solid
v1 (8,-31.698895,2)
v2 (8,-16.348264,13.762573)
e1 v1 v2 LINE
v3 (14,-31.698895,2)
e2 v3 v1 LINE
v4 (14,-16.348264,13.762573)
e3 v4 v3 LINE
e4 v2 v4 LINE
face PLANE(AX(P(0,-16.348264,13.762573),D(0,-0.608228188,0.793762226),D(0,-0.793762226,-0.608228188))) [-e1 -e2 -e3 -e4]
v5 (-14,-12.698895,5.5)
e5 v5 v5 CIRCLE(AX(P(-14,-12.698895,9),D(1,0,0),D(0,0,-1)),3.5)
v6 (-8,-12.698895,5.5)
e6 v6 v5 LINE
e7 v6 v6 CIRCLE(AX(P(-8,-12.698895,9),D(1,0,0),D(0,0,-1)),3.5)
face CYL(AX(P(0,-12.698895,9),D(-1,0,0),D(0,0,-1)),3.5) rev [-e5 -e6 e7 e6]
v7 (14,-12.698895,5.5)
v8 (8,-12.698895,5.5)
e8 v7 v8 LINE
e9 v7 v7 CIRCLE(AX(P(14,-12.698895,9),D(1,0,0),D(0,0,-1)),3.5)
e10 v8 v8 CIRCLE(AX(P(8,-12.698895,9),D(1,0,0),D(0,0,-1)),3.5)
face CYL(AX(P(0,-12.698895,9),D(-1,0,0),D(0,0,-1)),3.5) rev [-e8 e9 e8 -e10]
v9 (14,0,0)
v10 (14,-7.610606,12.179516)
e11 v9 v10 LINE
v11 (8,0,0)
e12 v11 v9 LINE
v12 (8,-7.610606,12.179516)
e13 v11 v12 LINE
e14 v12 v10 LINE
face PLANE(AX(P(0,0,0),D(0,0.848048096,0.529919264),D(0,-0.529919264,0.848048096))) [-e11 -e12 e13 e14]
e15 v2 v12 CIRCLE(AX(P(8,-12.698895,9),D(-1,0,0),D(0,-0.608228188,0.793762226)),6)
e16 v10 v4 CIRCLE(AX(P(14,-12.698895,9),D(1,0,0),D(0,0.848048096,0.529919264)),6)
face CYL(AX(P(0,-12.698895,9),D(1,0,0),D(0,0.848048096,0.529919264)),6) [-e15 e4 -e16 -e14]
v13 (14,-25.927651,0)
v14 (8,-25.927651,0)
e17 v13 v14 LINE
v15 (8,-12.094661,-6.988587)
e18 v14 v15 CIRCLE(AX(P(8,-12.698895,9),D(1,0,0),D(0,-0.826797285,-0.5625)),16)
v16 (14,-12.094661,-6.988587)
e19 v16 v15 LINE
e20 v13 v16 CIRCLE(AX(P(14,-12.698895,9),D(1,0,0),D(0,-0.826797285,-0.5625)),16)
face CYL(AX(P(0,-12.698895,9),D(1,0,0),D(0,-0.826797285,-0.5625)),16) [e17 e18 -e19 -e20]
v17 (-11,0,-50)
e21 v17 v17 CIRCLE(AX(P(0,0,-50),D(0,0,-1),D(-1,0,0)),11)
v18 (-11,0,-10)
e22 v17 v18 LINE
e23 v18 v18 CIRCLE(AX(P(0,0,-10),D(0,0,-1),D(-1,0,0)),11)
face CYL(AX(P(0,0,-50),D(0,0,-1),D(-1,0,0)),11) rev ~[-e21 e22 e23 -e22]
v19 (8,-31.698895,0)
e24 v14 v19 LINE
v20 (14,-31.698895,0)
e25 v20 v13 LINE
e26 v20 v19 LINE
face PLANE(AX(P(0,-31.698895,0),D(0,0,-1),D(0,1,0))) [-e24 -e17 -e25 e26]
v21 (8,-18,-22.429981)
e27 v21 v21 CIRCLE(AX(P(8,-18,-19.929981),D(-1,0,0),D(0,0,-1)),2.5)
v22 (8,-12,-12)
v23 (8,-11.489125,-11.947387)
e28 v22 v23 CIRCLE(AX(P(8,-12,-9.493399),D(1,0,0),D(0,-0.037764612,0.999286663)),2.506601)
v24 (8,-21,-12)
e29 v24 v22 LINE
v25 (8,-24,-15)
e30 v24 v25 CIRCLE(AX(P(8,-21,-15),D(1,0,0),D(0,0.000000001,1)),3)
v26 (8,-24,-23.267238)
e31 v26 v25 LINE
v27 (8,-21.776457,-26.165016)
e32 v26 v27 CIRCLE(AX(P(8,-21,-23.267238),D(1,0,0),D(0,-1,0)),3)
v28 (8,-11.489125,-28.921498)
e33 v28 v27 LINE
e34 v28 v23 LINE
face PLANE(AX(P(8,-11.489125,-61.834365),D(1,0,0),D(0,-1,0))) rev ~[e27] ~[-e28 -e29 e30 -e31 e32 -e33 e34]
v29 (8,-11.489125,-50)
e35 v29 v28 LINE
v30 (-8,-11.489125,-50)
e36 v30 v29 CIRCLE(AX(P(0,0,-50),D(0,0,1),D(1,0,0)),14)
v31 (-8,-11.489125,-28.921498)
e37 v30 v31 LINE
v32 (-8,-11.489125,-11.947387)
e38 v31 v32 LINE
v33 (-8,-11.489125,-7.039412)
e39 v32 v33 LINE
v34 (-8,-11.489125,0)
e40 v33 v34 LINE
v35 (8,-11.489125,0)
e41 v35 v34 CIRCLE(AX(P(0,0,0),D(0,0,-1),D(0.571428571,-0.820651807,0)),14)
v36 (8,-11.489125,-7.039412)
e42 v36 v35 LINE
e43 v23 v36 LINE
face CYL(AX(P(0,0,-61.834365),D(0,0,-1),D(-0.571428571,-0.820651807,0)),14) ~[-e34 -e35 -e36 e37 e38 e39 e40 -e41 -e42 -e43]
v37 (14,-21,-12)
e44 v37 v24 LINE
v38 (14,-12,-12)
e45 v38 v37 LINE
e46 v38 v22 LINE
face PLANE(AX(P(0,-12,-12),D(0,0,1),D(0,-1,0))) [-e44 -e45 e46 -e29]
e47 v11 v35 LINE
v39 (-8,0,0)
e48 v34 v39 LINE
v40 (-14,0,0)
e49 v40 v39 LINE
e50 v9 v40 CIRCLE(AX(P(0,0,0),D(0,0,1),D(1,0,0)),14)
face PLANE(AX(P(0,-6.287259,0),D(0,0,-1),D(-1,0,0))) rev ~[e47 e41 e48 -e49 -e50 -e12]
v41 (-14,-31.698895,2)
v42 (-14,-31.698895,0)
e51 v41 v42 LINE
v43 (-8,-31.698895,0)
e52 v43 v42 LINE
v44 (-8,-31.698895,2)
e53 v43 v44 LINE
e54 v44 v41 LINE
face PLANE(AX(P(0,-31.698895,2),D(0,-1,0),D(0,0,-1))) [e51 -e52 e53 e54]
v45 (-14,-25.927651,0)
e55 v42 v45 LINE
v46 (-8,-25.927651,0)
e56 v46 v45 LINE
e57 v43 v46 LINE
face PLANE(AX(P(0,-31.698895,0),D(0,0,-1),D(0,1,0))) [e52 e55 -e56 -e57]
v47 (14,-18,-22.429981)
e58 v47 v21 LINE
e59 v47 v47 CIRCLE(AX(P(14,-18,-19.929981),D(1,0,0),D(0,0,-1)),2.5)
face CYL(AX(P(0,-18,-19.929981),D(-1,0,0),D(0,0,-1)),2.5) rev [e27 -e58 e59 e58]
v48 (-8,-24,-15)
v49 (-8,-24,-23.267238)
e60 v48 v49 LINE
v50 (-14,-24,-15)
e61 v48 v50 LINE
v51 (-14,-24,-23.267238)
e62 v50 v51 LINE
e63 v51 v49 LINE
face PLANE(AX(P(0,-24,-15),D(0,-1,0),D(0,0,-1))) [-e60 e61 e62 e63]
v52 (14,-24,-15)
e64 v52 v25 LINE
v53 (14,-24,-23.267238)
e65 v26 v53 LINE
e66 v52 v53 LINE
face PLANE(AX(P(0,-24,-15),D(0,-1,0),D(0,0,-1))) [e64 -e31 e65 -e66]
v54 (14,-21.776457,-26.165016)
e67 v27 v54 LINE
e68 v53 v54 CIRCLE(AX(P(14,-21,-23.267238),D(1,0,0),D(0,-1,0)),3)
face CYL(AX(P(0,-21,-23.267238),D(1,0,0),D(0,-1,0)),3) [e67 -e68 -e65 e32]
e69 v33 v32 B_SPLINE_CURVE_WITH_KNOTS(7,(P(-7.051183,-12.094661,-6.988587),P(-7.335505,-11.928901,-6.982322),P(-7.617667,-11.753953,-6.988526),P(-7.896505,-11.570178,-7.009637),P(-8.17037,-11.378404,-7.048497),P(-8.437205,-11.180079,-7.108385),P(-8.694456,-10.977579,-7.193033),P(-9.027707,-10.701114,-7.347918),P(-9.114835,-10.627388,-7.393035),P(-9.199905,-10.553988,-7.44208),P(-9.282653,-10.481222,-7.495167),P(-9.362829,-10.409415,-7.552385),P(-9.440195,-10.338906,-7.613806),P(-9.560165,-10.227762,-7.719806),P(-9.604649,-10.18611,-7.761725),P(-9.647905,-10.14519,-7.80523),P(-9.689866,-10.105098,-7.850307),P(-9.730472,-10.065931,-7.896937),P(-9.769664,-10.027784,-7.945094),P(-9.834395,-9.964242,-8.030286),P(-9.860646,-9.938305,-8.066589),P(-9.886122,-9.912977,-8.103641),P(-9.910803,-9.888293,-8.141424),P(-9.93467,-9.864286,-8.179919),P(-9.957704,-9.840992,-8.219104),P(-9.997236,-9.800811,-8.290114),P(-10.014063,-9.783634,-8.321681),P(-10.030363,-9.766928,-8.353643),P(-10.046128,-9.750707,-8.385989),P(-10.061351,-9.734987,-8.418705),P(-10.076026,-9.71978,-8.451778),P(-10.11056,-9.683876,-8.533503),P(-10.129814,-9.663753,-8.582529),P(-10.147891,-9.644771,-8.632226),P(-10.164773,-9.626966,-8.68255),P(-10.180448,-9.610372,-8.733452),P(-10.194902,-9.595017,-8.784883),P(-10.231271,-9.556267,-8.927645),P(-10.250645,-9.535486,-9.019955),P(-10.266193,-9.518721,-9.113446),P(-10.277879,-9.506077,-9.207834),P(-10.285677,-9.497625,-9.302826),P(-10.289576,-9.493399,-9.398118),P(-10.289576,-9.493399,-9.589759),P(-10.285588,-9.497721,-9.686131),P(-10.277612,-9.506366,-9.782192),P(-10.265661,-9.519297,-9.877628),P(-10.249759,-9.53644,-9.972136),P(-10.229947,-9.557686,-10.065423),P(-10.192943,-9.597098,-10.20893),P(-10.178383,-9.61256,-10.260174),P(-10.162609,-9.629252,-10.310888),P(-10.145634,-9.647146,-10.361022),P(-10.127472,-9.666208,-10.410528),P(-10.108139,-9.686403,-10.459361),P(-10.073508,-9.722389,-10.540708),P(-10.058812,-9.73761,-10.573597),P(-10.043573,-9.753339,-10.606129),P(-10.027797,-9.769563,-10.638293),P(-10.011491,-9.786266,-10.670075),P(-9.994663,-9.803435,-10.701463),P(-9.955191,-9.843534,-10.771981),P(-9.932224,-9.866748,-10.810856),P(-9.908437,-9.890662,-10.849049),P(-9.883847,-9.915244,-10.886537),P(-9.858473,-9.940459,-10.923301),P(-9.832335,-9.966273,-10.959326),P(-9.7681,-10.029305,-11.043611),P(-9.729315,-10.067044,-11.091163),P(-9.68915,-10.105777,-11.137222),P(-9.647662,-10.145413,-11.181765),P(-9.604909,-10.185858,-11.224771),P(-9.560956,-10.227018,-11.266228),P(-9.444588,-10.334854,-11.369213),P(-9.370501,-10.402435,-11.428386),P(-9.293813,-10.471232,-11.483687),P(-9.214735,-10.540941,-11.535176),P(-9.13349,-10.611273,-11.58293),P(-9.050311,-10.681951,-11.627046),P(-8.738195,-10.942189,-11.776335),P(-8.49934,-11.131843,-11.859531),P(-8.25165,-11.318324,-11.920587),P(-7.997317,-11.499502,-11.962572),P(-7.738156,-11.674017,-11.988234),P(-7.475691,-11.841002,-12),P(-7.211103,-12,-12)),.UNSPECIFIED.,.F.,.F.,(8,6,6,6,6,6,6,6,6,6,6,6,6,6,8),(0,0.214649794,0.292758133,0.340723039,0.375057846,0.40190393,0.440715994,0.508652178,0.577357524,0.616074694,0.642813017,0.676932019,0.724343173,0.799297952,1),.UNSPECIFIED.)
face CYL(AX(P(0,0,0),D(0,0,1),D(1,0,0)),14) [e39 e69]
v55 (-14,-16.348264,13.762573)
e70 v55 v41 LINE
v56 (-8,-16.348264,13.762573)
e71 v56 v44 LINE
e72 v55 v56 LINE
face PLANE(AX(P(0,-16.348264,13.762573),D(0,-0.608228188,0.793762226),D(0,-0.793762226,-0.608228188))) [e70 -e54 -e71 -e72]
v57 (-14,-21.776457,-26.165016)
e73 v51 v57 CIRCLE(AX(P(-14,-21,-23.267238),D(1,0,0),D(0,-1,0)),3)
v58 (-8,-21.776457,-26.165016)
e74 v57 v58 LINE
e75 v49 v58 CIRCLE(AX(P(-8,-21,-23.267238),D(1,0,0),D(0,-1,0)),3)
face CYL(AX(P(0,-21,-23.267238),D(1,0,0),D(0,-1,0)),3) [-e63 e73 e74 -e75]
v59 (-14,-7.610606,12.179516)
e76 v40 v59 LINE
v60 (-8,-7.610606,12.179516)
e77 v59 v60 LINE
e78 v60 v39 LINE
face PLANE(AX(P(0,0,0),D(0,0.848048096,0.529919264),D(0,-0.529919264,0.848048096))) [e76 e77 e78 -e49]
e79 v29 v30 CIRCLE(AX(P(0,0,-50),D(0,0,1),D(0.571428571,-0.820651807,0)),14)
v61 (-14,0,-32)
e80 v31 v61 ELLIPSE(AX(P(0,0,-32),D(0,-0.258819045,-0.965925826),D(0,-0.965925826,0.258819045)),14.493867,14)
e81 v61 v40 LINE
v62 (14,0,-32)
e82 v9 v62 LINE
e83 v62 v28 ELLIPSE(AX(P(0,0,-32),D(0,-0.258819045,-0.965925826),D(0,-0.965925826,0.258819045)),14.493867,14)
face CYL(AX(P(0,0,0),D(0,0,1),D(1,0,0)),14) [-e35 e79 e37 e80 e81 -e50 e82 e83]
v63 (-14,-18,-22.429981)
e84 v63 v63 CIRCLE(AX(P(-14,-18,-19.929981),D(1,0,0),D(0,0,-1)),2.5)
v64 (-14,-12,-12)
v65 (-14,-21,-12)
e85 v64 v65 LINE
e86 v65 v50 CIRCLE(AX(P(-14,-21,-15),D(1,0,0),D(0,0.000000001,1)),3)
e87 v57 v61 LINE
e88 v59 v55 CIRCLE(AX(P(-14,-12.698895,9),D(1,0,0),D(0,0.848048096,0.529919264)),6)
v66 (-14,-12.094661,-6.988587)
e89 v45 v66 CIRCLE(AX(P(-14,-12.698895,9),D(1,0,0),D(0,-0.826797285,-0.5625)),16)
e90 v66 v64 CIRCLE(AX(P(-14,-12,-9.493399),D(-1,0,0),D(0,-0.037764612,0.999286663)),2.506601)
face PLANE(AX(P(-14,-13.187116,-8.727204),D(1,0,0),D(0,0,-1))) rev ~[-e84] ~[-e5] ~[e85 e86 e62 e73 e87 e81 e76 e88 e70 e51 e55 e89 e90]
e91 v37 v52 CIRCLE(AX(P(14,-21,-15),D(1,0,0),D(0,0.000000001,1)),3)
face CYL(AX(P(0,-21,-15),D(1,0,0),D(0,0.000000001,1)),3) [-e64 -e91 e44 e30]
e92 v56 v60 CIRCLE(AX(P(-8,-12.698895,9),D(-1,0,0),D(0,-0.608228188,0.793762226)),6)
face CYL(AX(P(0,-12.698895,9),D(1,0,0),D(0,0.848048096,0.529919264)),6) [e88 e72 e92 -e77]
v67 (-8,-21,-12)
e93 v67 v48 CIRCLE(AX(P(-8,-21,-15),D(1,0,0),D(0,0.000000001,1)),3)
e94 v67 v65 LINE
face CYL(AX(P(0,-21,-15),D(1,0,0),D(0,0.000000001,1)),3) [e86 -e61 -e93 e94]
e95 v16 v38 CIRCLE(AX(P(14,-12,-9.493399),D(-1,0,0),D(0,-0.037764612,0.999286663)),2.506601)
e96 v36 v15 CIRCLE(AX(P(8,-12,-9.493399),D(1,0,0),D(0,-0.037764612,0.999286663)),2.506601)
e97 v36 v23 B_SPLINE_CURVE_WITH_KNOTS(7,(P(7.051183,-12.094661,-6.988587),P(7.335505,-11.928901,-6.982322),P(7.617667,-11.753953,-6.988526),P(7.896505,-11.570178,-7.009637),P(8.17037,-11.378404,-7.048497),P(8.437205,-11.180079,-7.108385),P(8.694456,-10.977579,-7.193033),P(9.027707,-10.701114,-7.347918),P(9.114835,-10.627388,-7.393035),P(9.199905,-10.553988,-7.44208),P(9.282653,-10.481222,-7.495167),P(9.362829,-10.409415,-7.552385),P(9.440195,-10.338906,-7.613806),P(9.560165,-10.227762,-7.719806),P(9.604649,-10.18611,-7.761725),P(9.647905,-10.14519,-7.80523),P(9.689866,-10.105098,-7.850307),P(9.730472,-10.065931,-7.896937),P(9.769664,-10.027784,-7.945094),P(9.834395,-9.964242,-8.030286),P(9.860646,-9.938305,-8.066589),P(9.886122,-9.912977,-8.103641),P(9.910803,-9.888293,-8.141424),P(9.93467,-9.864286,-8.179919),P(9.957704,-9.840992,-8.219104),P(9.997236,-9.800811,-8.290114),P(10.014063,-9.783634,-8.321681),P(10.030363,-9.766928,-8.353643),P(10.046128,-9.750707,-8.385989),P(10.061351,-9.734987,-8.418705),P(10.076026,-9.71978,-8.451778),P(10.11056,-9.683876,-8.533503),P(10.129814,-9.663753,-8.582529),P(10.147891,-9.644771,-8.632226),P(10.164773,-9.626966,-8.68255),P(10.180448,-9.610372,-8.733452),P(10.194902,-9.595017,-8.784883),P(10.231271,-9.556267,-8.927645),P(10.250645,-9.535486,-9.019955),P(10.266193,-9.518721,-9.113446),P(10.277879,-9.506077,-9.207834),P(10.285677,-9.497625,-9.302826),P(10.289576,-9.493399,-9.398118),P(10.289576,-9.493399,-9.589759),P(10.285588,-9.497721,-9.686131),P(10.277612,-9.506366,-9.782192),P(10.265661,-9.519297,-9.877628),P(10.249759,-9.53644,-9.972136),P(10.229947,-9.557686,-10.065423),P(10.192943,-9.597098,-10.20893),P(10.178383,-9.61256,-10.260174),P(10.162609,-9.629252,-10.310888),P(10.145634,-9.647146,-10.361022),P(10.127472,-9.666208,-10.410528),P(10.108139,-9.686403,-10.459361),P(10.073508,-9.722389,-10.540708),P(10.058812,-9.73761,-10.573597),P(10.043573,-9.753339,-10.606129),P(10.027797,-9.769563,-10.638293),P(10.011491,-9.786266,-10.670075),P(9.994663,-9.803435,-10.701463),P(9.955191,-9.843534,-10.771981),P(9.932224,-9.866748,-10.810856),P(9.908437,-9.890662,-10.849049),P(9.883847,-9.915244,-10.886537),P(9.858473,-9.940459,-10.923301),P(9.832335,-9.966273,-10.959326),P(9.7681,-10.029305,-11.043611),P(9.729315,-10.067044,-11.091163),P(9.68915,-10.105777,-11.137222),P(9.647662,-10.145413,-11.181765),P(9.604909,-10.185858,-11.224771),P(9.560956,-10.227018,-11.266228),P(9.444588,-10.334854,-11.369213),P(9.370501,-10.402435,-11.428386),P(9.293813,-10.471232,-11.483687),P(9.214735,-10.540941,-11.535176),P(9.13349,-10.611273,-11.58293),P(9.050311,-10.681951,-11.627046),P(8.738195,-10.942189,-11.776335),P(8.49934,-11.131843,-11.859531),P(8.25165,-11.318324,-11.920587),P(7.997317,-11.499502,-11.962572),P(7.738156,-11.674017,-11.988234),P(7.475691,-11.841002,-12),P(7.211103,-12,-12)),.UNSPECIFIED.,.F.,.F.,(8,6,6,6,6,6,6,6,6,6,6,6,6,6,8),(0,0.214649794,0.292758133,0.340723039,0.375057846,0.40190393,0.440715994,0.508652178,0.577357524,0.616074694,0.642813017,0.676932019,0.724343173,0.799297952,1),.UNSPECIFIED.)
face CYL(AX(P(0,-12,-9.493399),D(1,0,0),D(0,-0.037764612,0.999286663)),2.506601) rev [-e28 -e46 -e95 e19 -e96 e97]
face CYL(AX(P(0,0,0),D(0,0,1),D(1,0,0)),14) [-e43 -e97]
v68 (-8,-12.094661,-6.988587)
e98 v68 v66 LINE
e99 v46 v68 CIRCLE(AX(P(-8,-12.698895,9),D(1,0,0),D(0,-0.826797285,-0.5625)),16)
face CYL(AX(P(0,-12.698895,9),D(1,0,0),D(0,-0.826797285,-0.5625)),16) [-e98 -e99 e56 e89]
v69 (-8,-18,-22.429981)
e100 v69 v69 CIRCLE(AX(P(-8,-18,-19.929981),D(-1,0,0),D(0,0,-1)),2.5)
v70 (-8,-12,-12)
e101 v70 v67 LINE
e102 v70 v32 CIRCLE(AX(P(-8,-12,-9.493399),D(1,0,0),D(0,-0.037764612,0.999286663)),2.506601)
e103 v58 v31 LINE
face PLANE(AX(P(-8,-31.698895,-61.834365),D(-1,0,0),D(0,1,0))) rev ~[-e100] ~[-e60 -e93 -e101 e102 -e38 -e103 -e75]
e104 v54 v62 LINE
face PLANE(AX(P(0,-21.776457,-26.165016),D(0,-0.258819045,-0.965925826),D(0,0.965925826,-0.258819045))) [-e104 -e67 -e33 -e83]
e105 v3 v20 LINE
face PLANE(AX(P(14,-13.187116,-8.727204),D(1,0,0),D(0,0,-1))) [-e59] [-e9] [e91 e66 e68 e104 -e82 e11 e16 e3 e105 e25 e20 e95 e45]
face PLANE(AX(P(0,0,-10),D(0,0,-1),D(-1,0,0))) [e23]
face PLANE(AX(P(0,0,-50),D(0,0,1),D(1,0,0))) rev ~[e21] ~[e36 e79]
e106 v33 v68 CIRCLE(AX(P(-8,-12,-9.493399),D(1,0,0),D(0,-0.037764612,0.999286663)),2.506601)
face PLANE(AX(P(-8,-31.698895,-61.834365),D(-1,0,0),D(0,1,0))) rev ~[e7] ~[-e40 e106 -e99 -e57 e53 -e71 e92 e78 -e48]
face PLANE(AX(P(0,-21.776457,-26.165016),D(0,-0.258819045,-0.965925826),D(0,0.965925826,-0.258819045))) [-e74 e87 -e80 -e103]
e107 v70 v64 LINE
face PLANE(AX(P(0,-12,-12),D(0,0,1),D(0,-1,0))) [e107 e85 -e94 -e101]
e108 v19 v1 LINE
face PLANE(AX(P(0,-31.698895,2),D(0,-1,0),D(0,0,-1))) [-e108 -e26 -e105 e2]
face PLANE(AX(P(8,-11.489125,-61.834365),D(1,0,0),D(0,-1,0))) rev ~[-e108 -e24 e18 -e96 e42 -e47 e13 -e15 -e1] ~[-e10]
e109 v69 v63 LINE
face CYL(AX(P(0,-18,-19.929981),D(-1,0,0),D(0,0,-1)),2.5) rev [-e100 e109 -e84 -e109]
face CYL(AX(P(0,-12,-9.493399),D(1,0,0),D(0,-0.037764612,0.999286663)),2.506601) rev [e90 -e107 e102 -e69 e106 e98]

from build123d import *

# Parameters (mm, degrees)
SKETCH1_R               = 14
BOSS_EXTRUDE1_DEPTH     = 50
SKETCH2_R               = 3.5
SKETCH2_R_2             = 2.5
BOSS_EXTRUDE2_DEPTH     = 14
CUT_EXTRUDE3_DEPTH      = 61.834364638
CUT_EXTRUDE3_DEPTH_BACK = 61.834364638
CUT_EXTRUDE4_START      = 57
CUT_EXTRUDE4_DEPTH      = 57
SKETCH6_R               = 11
CUT_EXTRUDE5_DEPTH      = 40


with BuildPart() as part:
    # Sketch1 → Boss-Extrude1 (new body)
    with BuildSketch(Plane.XY):
        Circle(SKETCH1_R)
    extrude(amount=-BOSS_EXTRUDE1_DEPTH)

    # Sketch2 → Boss-Extrude2 (add, symmetric)
    with BuildSketch(Plane(origin=(0, 0, 0), x_dir=(0, 0, -1), z_dir=(1, 0, 0))):
        with BuildLine():
            Line((15, -24), (23.267238418, -24))
            ThreePointArc((23.267238418, -24), (25.093522705, -23.380060021), (26.165015897, -21.776457135))
            Line((26.165015897, -21.776457135), (32, 0))
            Line((32, 0), (0, 0))
            Line((0, 0), (-12.179515585, -7.61060601))
            ThreePointArc((-12.179515585, -7.61060601), (-14.903885139, -11.629249661), (-13.762573354, -16.348263718))
            Line((-13.762573354, -16.348263718), (-2, -31.698894587))
            Line((-2, -31.698894587), (0, -31.698894587))
            Line((0, -31.698894587), (0, -25.927651143))
            ThreePointArc((0, -25.927651143), (5.280940814, -19.913790946), (6.988586602, -12.094660803))
            ThreePointArc((6.988586602, -12.094660803), (9.446060431, -9.493846328), (12, -12))
            Line((12, -12), (12, -21))
            ThreePointArc((12, -21), (12.878679656, -23.121320344), (15, -24))
        make_face()
        with Locations((-9, -12.698894587)):
            Circle(SKETCH2_R, mode=Mode.SUBTRACT)
        with Locations((19.929981273, -18)):
            Circle(SKETCH2_R_2, mode=Mode.SUBTRACT)
    extrude(amount=BOSS_EXTRUDE2_DEPTH, both=True)

    # Sketch4 → Cut-Extrude3 (cut, two sides: drawn at the far end of the back side and taken through both)
    with BuildSketch(Plane.XY.offset(-CUT_EXTRUDE3_DEPTH_BACK)):
        with BuildLine():
            Line((-8, -31.698894587), (-8, -11.489125293))
            ThreePointArc((-8, -11.489125293), (0, -14), (8, -11.489125293))
            Line((8, -11.489125293), (8, -31.698894587))
            Line((8, -31.698894587), (-8, -31.698894587))
        make_face()
    extrude(amount=CUT_EXTRUDE3_DEPTH + CUT_EXTRUDE3_DEPTH_BACK, mode=Mode.SUBTRACT)

    # Sketch5 → Cut-Extrude4 (cut)
    with BuildSketch(Plane.XY.offset(CUT_EXTRUDE4_START)):
        with BuildLine():
            Line((-8, 0), (8, 0))
            Line((8, 0), (8, -11.489125293))
            ThreePointArc((8, -11.489125293), (0, -14), (-8, -11.489125293))
            Line((-8, -11.489125293), (-8, 0))
        make_face()
    extrude(amount=-CUT_EXTRUDE4_DEPTH, mode=Mode.SUBTRACT)

    # Sketch6 → Cut-Extrude5 (cut)
    with BuildSketch(Plane(origin=(0, 0, -50), x_dir=(-1, 0, 0), z_dir=(0, 0, -1))):
        Circle(SKETCH6_R)
    extrude(amount=-CUT_EXTRUDE5_DEPTH, mode=Mode.SUBTRACT)


solid = part.part
